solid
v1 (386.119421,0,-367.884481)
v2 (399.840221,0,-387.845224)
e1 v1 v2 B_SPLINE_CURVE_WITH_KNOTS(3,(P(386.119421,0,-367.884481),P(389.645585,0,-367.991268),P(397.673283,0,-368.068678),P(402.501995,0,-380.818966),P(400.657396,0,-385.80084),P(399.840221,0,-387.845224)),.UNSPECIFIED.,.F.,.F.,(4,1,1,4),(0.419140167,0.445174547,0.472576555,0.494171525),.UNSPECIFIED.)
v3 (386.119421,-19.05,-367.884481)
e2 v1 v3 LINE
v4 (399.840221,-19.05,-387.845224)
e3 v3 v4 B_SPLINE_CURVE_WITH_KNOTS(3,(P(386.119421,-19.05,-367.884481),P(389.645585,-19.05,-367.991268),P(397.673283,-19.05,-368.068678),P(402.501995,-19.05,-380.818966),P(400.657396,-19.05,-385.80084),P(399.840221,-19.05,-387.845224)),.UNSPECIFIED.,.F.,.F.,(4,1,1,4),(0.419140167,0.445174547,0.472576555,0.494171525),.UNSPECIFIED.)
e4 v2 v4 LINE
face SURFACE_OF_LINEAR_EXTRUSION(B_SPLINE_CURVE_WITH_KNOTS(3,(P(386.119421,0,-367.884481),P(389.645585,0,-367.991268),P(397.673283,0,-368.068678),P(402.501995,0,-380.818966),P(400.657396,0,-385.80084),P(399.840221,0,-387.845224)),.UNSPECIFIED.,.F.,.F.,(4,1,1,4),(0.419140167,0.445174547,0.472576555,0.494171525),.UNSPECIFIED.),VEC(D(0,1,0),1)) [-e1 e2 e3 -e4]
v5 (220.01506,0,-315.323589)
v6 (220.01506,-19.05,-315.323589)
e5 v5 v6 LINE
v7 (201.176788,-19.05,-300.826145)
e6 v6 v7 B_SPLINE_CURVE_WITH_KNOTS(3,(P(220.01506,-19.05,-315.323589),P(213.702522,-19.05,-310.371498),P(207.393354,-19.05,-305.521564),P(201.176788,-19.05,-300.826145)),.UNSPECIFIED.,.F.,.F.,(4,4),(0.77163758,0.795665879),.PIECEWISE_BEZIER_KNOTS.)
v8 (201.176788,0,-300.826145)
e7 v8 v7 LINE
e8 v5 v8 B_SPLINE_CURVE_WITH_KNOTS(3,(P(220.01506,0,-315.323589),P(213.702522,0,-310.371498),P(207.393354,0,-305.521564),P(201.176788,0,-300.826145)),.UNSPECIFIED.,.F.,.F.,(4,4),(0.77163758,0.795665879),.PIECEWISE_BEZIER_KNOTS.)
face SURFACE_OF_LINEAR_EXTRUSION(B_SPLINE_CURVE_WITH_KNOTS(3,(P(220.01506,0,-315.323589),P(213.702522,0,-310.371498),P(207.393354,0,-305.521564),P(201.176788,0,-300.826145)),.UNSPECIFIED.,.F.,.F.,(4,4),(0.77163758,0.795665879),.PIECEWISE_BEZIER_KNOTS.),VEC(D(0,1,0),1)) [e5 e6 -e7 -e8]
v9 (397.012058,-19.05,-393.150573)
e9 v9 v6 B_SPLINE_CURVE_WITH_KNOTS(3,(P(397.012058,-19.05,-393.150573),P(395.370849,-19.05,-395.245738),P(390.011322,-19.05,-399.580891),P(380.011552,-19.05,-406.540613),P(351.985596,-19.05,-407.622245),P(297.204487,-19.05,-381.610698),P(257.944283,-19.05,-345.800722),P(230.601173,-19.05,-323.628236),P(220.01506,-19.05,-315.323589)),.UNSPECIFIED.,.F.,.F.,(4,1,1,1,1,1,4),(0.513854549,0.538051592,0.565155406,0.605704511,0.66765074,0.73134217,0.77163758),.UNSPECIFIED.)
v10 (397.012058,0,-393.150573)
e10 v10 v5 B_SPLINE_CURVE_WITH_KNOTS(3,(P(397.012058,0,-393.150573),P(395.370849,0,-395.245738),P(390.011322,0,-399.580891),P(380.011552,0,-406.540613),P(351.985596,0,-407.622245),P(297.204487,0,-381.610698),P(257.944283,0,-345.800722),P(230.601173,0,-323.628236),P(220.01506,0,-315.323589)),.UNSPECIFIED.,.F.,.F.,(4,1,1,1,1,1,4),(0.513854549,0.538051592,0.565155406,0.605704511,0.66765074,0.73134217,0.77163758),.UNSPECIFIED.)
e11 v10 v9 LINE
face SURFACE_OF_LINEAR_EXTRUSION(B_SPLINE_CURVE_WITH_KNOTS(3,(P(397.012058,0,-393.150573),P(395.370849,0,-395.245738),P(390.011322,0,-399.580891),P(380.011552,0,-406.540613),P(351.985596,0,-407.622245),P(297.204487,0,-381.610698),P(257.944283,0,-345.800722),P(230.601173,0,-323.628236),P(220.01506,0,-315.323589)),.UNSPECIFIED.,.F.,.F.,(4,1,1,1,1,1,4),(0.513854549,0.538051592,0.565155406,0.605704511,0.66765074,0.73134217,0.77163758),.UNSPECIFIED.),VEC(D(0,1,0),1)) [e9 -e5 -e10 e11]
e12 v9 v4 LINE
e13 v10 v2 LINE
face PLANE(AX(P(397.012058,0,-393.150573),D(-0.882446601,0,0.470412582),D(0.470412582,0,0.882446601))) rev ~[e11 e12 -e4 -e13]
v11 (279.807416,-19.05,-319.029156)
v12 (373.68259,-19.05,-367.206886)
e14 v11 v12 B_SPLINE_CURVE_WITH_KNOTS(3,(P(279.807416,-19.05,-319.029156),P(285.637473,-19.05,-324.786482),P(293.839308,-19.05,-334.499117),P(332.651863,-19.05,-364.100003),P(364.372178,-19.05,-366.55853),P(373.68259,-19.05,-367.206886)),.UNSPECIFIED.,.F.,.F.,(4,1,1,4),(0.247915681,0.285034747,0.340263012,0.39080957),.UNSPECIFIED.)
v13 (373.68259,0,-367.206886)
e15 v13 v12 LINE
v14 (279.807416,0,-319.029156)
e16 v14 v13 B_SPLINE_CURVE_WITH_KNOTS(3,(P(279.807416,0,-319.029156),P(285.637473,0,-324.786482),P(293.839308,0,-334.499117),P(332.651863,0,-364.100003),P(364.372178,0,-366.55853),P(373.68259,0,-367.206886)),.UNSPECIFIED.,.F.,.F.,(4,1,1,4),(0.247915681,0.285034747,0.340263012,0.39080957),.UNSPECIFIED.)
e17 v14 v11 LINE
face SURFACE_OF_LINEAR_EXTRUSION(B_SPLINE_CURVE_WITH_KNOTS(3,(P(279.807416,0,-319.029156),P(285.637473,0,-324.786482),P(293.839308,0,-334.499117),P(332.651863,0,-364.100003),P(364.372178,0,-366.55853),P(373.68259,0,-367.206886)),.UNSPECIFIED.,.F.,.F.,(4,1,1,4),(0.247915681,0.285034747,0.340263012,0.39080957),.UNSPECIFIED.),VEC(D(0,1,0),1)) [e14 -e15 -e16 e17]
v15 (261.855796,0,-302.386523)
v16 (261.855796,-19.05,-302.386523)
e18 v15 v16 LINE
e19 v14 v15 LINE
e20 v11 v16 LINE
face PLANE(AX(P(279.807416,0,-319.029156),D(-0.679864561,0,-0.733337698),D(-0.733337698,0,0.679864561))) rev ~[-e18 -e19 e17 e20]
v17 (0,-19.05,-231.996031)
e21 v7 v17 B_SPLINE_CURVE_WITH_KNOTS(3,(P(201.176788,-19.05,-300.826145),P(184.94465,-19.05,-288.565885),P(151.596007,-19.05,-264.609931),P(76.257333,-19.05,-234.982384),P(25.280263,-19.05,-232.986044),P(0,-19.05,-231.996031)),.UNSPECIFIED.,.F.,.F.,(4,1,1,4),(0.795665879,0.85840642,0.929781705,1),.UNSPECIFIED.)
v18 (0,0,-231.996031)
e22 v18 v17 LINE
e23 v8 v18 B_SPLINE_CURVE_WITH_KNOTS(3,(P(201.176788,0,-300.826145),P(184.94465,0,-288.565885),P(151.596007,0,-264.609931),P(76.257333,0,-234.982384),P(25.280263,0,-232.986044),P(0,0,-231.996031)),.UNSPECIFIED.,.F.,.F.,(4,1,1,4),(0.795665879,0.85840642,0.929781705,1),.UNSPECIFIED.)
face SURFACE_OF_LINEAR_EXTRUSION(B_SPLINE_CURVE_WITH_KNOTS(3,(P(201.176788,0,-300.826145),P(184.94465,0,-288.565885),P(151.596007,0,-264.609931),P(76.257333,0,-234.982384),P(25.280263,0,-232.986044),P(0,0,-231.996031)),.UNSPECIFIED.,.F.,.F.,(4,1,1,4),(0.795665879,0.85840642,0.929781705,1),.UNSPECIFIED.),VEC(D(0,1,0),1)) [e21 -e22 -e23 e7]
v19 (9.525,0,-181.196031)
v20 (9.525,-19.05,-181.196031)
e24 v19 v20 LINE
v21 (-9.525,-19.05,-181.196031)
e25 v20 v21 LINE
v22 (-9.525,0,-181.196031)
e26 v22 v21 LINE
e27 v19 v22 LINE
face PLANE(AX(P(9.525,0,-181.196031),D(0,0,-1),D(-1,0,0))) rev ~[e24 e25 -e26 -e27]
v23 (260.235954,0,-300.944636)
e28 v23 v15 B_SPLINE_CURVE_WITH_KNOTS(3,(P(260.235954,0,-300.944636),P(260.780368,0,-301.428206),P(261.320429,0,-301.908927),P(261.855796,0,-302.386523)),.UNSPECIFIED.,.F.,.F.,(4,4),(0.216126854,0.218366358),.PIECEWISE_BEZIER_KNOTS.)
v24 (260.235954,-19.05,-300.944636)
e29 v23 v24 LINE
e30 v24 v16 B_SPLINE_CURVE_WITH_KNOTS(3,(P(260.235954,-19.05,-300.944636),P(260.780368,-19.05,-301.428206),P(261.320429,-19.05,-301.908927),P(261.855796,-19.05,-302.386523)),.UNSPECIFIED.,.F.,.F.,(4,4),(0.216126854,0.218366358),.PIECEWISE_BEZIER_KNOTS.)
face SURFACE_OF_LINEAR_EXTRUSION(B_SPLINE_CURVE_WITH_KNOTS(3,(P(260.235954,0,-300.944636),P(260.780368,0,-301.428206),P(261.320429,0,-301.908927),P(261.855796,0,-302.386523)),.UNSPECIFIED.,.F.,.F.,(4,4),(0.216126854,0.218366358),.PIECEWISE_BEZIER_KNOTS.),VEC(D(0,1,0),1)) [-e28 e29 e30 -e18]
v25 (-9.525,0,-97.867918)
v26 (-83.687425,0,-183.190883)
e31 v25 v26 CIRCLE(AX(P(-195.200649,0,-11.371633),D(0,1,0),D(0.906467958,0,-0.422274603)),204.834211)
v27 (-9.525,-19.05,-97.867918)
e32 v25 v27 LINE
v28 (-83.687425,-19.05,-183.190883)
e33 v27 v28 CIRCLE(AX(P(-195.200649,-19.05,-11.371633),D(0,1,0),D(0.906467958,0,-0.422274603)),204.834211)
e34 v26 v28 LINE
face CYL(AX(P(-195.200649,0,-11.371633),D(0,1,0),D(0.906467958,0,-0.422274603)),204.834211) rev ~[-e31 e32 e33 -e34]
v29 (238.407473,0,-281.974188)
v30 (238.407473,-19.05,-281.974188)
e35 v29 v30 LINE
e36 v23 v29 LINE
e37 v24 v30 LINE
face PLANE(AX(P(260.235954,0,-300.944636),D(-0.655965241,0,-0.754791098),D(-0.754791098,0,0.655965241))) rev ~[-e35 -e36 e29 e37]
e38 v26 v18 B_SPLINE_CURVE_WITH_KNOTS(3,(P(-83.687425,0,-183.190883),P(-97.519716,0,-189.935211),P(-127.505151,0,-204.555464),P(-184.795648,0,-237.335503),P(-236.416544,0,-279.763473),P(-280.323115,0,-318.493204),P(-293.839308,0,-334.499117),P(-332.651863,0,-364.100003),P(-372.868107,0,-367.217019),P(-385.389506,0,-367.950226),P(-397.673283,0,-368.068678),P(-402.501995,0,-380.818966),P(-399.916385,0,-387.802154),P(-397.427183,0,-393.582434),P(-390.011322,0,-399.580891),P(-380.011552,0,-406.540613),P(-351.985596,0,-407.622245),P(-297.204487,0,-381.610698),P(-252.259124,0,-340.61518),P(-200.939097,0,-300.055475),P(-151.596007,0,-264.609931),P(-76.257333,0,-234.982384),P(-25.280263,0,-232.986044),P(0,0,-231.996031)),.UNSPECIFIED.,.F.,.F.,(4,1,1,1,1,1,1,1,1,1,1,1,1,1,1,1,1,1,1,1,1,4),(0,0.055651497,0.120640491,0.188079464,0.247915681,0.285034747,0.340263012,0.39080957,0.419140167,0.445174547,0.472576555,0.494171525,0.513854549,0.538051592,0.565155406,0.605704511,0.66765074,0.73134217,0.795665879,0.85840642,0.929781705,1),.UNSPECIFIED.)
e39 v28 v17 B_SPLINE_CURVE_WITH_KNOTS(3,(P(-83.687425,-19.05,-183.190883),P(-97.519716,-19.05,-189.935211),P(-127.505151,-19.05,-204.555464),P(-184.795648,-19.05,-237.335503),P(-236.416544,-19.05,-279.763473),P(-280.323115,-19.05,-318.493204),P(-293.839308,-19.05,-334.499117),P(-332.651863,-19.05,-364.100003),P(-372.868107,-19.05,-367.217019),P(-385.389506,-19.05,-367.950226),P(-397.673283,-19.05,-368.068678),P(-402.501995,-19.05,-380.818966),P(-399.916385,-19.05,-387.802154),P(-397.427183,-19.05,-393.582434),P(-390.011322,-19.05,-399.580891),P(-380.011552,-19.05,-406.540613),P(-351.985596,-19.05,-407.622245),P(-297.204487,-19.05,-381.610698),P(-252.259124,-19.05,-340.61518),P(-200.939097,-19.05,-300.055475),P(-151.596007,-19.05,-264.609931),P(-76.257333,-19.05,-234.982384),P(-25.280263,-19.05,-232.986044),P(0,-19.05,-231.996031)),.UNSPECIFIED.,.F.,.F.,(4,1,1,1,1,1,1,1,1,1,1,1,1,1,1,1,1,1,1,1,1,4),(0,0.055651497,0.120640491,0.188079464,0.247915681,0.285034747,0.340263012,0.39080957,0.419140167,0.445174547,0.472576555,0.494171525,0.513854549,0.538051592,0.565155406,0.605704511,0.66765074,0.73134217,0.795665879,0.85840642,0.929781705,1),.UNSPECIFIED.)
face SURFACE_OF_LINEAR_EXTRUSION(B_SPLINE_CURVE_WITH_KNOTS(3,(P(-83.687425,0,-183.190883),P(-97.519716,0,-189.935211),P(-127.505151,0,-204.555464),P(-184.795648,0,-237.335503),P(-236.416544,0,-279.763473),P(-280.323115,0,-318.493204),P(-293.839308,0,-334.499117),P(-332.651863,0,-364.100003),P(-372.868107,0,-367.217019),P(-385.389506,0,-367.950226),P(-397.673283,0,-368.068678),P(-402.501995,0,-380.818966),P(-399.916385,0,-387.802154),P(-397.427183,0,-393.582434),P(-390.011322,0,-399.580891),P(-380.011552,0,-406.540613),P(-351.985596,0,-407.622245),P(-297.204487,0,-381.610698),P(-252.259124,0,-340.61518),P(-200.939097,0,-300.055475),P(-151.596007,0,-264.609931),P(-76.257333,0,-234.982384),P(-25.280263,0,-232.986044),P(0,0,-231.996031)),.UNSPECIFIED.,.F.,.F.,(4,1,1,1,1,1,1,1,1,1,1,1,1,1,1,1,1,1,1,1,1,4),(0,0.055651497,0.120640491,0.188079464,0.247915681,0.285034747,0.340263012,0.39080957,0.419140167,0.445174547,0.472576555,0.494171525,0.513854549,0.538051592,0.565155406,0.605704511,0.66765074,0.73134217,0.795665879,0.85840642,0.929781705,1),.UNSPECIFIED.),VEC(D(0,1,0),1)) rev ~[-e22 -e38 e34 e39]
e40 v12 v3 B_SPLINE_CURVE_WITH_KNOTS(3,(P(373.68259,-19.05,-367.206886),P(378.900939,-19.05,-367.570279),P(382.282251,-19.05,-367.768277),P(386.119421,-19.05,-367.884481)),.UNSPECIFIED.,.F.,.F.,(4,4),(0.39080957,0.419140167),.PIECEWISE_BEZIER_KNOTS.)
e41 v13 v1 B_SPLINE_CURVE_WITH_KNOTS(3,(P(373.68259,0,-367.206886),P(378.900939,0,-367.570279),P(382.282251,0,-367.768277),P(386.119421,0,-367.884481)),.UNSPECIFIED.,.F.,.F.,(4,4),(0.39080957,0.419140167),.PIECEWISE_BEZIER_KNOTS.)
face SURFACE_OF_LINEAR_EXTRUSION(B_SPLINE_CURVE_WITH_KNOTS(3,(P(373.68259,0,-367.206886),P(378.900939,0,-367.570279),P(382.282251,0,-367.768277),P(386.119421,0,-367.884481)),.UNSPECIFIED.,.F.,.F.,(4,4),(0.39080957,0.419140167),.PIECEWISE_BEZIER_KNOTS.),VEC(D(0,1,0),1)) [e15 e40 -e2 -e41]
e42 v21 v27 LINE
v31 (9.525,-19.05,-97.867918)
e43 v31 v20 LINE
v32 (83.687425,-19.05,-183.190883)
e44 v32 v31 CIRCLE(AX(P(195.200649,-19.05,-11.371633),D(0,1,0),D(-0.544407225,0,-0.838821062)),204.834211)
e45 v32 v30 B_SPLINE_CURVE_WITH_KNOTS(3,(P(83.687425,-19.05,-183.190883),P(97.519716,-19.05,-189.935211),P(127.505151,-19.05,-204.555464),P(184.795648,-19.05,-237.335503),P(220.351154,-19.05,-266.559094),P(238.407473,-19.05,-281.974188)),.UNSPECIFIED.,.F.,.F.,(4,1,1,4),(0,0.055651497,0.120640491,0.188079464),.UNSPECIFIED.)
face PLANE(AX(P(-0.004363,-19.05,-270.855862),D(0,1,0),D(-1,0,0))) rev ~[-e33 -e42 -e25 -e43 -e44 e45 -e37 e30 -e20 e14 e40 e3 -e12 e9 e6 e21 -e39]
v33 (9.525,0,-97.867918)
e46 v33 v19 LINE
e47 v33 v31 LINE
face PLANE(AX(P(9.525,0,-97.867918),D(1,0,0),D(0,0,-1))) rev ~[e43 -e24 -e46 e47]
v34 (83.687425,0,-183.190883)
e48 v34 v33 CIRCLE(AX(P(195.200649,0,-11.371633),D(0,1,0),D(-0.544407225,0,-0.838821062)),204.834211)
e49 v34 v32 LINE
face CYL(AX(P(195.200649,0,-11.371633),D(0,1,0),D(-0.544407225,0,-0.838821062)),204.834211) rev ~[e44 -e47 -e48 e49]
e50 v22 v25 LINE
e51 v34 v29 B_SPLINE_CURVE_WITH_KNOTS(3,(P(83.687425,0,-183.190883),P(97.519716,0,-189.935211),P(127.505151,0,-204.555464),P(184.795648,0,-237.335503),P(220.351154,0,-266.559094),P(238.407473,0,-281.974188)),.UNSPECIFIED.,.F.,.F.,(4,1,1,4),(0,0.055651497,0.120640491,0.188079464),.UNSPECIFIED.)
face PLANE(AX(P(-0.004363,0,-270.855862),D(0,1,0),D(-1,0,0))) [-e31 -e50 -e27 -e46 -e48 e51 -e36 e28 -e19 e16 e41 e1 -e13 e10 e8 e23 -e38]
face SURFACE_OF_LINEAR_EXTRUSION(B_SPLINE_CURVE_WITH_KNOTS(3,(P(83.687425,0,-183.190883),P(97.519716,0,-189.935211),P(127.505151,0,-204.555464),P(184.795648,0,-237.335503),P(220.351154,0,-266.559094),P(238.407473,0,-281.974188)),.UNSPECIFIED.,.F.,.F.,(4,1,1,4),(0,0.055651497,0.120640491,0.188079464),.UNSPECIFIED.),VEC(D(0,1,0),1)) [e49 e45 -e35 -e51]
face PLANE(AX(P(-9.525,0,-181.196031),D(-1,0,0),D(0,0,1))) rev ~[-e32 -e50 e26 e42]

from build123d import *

# Parameters (mm, degrees)
F1_DEPTH = 19.05


with BuildPart() as f1:
    # F0 (on Front) → F1 (new body)
    with BuildSketch(Plane.XZ):
        with BuildLine():
            add(Edge.make_bspline(
                [(201.1767884, -300.8261446), (184.9446500534, -288.5658852623), (151.5960073648, -264.6099305864), (76.2573328646, -234.9823842439), (25.2802629963, -232.9860444502), (0, -231.9960308)],
                knots=[0.7956658793, 0.7956658793, 0.7956658793, 0.7956658793, 0.8584064197, 0.9297817046, 1, 1, 1, 1], degree=3))
            add(Edge.make_bspline(
                [(220.0150597273, -315.3235888459), (213.7025220602, -310.3714978448), (207.3933538917, -305.5215644818), (201.1767884, -300.8261446)],
                knots=[0.77163758, 0.77163758, 0.77163758, 0.77163758, 0.7956658793, 0.7956658793, 0.7956658793, 0.7956658793], degree=3))
            add(Edge.make_bspline(
                [(397.0120584, -393.1505726), (395.3708490631, -395.2457378626), (390.011322032, -399.5808906426), (380.0115519443, -406.5406125315), (351.9855957721, -407.6222448349), (297.2044874536, -381.6106983888), (257.944283078, -345.8007215316), (230.6011728268, -323.628235595), (220.0150597273, -315.3235888459)],
                knots=[0.513854549, 0.513854549, 0.513854549, 0.513854549, 0.5380515922, 0.5651554057, 0.6057045111, 0.66765074, 0.7313421699, 0.77163758, 0.77163758, 0.77163758, 0.77163758], degree=3))
            Line((397.0120584, -393.1505726), (399.8402214, -387.8452238))
            add(Edge.make_bspline(
                [(386.1194208, -367.8844814), (389.6455847643, -367.9912675333), (397.6732833167, -368.0686782786), (402.5019948542, -380.8189659711), (400.6573958887, -385.8008396085), (399.8402214, -387.8452238)],
                knots=[0.4191401669, 0.4191401669, 0.4191401669, 0.4191401669, 0.4451745467, 0.4725765555, 0.4941715255, 0.4941715255, 0.4941715255, 0.4941715255], degree=3))
            add(Edge.make_bspline(
                [(373.6825902, -367.2068856), (378.900938604, -367.5702793856), (382.2822511949, -367.768276791), (386.1194208, -367.8844814)],
                knots=[0.3908095697, 0.3908095697, 0.3908095697, 0.3908095697, 0.4191401669, 0.4191401669, 0.4191401669, 0.4191401669], degree=3))
            add(Edge.make_bspline(
                [(279.807416, -319.0291562), (285.6374728202, -324.78648177), (293.8393078661, -334.4991173683), (332.6518626222, -364.1000029741), (364.3721775764, -366.5585298701), (373.6825902, -367.2068856)],
                knots=[0.2479156808, 0.2479156808, 0.2479156808, 0.2479156808, 0.2850347467, 0.3402630118, 0.3908095697, 0.3908095697, 0.3908095697, 0.3908095697], degree=3))
            Line((279.807416, -319.0291562), (261.8557955932, -302.3865227172))
            add(Edge.make_bspline(
                [(260.2359541375, -300.9446355495), (260.7803675647, -301.4282060573), (261.3204290689, -301.90892661), (261.8557955932, -302.3865227172)],
                knots=[0.2161268544, 0.2161268544, 0.2161268544, 0.2161268544, 0.2183663583, 0.2183663583, 0.2183663583, 0.2183663583], degree=3))
            Line((260.2359541375, -300.9446355495), (238.4074734, -281.9741884))
            add(Edge.make_bspline(
                [(83.6874247, -183.1908833), (97.5197157676, -189.9352109388), (127.5051512234, -204.555464382), (184.795648166, -237.3355034822), (220.351153613, -266.5590936308), (238.4074734, -281.9741884)],
                knots=[0, 0, 0, 0, 0.0556514974, 0.1206404908, 0.1880794642, 0.1880794642, 0.1880794642, 0.1880794642], degree=3))
            ThreePointArc((83.6874247, -183.1908833), (40.6034022536, -145.7470223732), (9.525, -97.8679181144))
            Line((9.525, -97.8679181144), (9.525, -181.1960308))
            Line((9.525, -181.1960308), (-9.525, -181.1960308))
            Line((-9.525, -181.1960308), (-9.525, -97.8679181144))
            ThreePointArc((-9.525, -97.8679181144), (-40.6034022536, -145.7470223732), (-83.6874247, -183.1908833))
            add(Edge.make_bspline(
                [(-83.6874247, -183.1908833), (-97.5197157676, -189.9352109388), (-127.5051512234, -204.555464382), (-184.795648166, -237.3355034822), (-236.4165435406, -279.7634726692), (-280.3231148063, -318.4932044072), (-293.8393078661, -334.4991173683), (-332.6518626222, -364.1000029741), (-372.8681073339, -367.2170186602), (-385.3895057177, -367.9502263496), (-397.6732833167, -368.0686782786), (-402.5019948542, -380.8189659711), (-399.9163852042, -387.8021535325), (-397.4271830775, -393.5824339801), (-390.011322032, -399.5808906426), (-380.0115519443, -406.5406125315), (-351.9855957721, -407.6222448349), (-297.2044874536, -381.6106983888), (-252.2591237089, -340.6151798699), (-200.9390966066, -300.0554754166), (-151.5960073648, -264.6099305864), (-76.2573328646, -234.9823842439), (-25.2802629963, -232.9860444502), (0, -231.9960308)],
                knots=[0, 0, 0, 0, 0.0556514974, 0.1206404908, 0.1880794642, 0.2479156808, 0.2850347467, 0.3402630118, 0.3908095697, 0.4191401669, 0.4451745467, 0.4725765555, 0.4941715255, 0.513854549, 0.5380515922, 0.5651554057, 0.6057045111, 0.66765074, 0.7313421699, 0.7956658793, 0.8584064197, 0.9297817046, 1, 1, 1, 1], degree=3))
        make_face()
    extrude(amount=F1_DEPTH)


solid = f1.part
